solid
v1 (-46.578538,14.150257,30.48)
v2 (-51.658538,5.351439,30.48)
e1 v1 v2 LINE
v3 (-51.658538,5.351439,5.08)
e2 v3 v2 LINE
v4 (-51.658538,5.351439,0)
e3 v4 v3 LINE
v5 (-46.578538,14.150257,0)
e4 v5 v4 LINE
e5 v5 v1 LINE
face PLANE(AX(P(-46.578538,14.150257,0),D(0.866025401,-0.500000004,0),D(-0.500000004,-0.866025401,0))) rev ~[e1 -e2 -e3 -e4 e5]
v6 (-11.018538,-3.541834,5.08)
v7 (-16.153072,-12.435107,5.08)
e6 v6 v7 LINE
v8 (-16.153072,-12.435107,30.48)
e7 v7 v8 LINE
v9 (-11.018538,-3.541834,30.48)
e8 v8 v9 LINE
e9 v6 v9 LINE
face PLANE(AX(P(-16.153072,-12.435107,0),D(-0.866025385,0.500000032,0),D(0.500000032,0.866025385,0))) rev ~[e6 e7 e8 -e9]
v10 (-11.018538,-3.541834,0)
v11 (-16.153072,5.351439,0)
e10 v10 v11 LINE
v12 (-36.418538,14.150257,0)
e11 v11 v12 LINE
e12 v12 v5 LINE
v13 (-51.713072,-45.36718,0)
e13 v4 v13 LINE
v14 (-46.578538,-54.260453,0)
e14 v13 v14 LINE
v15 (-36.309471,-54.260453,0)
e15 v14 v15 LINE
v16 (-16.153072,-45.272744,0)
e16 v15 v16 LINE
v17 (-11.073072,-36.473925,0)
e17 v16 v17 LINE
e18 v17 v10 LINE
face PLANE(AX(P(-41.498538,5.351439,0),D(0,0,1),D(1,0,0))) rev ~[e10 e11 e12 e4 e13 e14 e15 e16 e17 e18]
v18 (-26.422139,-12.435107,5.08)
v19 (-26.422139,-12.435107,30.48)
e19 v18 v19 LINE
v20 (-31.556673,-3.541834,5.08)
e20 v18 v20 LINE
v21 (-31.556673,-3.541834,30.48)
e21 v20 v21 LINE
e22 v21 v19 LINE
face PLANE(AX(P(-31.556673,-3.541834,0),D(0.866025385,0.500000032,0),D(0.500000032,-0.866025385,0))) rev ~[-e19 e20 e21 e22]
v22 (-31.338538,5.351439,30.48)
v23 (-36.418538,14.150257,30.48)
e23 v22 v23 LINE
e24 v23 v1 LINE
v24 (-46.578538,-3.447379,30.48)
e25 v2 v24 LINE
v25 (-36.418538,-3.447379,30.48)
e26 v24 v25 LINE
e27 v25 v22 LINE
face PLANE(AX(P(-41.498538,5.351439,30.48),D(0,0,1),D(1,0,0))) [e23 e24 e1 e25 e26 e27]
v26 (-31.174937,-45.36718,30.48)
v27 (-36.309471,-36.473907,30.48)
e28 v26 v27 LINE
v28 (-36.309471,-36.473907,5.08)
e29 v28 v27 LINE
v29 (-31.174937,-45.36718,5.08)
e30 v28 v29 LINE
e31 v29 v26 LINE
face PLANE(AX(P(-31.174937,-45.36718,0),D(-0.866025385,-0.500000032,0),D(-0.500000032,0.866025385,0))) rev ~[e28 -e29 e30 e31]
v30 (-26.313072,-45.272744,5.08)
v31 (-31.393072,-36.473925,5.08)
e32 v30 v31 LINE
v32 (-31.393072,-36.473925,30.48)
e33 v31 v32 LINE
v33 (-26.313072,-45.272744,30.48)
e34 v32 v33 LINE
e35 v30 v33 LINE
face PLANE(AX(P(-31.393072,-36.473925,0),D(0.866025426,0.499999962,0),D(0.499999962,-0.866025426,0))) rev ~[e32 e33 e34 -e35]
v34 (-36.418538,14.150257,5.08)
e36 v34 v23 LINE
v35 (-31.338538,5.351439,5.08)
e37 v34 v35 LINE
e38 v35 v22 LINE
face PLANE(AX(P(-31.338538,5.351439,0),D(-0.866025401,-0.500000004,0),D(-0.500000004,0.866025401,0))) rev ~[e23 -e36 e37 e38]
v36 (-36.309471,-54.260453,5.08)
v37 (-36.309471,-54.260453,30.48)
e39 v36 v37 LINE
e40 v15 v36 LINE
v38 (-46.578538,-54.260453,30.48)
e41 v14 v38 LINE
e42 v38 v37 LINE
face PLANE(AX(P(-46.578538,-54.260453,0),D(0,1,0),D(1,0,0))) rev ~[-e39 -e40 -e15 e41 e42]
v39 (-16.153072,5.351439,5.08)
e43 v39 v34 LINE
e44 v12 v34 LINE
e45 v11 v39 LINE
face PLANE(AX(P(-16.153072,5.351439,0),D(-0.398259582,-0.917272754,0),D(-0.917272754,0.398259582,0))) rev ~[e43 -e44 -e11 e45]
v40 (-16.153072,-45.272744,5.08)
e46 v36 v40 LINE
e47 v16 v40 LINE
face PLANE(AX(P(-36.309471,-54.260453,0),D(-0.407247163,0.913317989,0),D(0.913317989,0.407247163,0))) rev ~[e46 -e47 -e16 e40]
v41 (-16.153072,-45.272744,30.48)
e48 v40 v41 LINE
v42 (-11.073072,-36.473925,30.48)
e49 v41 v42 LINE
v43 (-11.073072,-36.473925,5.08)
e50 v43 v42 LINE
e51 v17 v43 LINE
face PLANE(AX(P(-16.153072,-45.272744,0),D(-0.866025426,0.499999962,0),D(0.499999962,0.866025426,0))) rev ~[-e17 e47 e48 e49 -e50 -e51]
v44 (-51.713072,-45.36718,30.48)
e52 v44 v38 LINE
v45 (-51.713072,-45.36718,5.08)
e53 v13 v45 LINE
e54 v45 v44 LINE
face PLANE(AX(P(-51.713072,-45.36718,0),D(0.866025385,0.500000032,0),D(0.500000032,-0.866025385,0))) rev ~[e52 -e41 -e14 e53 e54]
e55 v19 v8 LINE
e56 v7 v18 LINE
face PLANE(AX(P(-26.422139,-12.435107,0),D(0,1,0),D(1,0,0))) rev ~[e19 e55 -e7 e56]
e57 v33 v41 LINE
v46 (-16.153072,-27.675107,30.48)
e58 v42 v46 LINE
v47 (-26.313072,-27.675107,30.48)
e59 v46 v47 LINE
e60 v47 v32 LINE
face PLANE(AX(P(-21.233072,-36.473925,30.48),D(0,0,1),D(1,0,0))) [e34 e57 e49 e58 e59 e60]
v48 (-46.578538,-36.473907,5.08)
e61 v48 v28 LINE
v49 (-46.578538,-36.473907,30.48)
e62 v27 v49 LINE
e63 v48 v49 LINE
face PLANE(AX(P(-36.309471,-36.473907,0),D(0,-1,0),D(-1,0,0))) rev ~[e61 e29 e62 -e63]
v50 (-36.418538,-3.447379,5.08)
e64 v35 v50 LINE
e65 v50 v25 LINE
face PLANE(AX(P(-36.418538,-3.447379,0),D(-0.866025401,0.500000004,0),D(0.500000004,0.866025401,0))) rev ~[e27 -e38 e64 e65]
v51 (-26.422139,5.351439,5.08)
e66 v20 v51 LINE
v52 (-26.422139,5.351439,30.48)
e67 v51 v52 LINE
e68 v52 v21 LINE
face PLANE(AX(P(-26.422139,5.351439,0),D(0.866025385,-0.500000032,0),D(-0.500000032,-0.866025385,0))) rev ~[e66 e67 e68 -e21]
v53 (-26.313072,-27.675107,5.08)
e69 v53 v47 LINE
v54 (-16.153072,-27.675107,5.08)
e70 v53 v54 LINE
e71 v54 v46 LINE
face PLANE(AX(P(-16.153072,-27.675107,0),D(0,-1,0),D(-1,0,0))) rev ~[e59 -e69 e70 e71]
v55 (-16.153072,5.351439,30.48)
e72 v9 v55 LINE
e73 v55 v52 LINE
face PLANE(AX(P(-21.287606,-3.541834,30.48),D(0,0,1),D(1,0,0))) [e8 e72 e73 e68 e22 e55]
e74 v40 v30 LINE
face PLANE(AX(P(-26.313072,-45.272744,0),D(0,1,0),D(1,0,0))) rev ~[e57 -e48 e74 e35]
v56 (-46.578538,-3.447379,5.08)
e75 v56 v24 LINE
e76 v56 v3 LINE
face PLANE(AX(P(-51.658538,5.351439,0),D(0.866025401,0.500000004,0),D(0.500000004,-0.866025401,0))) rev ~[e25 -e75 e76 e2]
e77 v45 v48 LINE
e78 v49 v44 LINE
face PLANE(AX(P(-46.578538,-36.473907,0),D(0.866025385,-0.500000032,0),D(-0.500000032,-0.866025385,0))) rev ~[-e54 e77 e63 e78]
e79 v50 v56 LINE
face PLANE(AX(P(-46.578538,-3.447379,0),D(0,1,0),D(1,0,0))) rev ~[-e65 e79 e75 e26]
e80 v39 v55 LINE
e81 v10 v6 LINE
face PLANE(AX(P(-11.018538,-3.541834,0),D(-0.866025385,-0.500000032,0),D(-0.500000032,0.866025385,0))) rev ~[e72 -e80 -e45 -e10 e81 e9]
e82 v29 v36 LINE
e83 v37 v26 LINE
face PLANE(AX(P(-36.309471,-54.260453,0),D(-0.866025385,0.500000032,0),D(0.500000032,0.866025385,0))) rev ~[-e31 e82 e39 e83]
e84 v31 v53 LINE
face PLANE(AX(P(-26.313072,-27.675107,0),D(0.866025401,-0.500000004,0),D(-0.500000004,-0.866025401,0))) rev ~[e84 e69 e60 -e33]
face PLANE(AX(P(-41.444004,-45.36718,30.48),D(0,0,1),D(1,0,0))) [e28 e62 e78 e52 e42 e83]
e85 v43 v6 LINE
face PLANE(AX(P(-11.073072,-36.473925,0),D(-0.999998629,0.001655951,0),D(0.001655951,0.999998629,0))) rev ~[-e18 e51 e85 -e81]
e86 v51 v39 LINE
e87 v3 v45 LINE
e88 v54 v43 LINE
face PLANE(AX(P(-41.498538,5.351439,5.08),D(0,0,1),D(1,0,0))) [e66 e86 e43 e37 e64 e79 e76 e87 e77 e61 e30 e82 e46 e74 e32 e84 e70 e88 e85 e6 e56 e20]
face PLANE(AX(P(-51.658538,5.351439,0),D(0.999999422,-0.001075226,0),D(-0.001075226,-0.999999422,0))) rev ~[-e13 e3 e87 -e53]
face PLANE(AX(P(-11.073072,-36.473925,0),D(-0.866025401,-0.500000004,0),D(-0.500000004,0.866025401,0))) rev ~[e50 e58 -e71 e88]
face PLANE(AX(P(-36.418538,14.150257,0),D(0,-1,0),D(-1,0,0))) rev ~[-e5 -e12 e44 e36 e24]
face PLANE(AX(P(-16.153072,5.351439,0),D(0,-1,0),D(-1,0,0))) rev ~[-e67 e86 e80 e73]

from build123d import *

# Parameters (mm, degrees)
F1_DEPTH = 5.08
F2_DEPTH = 30.48


with BuildPart() as f1:
    # F0 (on Top) → F1 (new body)
    with BuildSketch(Plane.XY):
        Polygon((-36.418538, 14.150257), (-46.578538, 14.150257), (-51.658538, 5.351439), (-46.578538, -3.447379), (-36.418538, -3.447379), (-31.338538, 5.351439), align=None)
        Polygon((-11.018538, -3.541834), (-16.153072, 5.351439), (-26.422139, 5.351439), (-31.556673, -3.541834), (-26.422139, -12.435107), (-16.153072, -12.435107), align=None)
        Polygon((-16.153072, -45.272744), (-11.073072, -36.473925), (-16.153072, -27.675107), (-26.313072, -27.675107), (-31.393072, -36.473925), (-26.313072, -45.272744), align=None)
        Polygon((-46.578538, -36.473907), (-51.713072, -45.36718), (-46.578538, -54.260453), (-36.309471, -54.260453), (-31.174937, -45.36718), (-36.309471, -36.473907), align=None)
        Polygon((-46.578538, -3.447379), (-51.658538, 5.351439), (-51.713072, -45.36718), (-46.578538, -36.473907), (-36.309471, -36.473907), (-31.174937, -45.36718), (-36.309471, -54.260453), (-16.153072, -45.272744), (-26.313072, -45.272744), (-31.393072, -36.473925), (-26.313072, -27.675107), (-16.153072, -27.675107), (-11.073072, -36.473925), (-11.018538, -3.541834), (-16.153072, -12.435107), (-26.422139, -12.435107), (-31.556673, -3.541834), (-26.422139, 5.351439), (-16.153072, 5.351439), (-36.418538, 14.150257), (-31.338538, 5.351439), (-36.418538, -3.447379), align=None)
    extrude(amount=F1_DEPTH)

    # F0 (on Top) → F2 (join)
    with BuildSketch(Plane.XY):
        Polygon((-36.418538, 14.150257), (-46.578538, 14.150257), (-51.658538, 5.351439), (-46.578538, -3.447379), (-36.418538, -3.447379), (-31.338538, 5.351439), align=None)
        Polygon((-11.018538, -3.541834), (-16.153072, 5.351439), (-26.422139, 5.351439), (-31.556673, -3.541834), (-26.422139, -12.435107), (-16.153072, -12.435107), align=None)
        Polygon((-16.153072, -45.272744), (-11.073072, -36.473925), (-16.153072, -27.675107), (-26.313072, -27.675107), (-31.393072, -36.473925), (-26.313072, -45.272744), align=None)
        Polygon((-46.578538, -36.473907), (-51.713072, -45.36718), (-46.578538, -54.260453), (-36.309471, -54.260453), (-31.174937, -45.36718), (-36.309471, -36.473907), align=None)
    extrude(amount=F2_DEPTH)


solid = f1.part
